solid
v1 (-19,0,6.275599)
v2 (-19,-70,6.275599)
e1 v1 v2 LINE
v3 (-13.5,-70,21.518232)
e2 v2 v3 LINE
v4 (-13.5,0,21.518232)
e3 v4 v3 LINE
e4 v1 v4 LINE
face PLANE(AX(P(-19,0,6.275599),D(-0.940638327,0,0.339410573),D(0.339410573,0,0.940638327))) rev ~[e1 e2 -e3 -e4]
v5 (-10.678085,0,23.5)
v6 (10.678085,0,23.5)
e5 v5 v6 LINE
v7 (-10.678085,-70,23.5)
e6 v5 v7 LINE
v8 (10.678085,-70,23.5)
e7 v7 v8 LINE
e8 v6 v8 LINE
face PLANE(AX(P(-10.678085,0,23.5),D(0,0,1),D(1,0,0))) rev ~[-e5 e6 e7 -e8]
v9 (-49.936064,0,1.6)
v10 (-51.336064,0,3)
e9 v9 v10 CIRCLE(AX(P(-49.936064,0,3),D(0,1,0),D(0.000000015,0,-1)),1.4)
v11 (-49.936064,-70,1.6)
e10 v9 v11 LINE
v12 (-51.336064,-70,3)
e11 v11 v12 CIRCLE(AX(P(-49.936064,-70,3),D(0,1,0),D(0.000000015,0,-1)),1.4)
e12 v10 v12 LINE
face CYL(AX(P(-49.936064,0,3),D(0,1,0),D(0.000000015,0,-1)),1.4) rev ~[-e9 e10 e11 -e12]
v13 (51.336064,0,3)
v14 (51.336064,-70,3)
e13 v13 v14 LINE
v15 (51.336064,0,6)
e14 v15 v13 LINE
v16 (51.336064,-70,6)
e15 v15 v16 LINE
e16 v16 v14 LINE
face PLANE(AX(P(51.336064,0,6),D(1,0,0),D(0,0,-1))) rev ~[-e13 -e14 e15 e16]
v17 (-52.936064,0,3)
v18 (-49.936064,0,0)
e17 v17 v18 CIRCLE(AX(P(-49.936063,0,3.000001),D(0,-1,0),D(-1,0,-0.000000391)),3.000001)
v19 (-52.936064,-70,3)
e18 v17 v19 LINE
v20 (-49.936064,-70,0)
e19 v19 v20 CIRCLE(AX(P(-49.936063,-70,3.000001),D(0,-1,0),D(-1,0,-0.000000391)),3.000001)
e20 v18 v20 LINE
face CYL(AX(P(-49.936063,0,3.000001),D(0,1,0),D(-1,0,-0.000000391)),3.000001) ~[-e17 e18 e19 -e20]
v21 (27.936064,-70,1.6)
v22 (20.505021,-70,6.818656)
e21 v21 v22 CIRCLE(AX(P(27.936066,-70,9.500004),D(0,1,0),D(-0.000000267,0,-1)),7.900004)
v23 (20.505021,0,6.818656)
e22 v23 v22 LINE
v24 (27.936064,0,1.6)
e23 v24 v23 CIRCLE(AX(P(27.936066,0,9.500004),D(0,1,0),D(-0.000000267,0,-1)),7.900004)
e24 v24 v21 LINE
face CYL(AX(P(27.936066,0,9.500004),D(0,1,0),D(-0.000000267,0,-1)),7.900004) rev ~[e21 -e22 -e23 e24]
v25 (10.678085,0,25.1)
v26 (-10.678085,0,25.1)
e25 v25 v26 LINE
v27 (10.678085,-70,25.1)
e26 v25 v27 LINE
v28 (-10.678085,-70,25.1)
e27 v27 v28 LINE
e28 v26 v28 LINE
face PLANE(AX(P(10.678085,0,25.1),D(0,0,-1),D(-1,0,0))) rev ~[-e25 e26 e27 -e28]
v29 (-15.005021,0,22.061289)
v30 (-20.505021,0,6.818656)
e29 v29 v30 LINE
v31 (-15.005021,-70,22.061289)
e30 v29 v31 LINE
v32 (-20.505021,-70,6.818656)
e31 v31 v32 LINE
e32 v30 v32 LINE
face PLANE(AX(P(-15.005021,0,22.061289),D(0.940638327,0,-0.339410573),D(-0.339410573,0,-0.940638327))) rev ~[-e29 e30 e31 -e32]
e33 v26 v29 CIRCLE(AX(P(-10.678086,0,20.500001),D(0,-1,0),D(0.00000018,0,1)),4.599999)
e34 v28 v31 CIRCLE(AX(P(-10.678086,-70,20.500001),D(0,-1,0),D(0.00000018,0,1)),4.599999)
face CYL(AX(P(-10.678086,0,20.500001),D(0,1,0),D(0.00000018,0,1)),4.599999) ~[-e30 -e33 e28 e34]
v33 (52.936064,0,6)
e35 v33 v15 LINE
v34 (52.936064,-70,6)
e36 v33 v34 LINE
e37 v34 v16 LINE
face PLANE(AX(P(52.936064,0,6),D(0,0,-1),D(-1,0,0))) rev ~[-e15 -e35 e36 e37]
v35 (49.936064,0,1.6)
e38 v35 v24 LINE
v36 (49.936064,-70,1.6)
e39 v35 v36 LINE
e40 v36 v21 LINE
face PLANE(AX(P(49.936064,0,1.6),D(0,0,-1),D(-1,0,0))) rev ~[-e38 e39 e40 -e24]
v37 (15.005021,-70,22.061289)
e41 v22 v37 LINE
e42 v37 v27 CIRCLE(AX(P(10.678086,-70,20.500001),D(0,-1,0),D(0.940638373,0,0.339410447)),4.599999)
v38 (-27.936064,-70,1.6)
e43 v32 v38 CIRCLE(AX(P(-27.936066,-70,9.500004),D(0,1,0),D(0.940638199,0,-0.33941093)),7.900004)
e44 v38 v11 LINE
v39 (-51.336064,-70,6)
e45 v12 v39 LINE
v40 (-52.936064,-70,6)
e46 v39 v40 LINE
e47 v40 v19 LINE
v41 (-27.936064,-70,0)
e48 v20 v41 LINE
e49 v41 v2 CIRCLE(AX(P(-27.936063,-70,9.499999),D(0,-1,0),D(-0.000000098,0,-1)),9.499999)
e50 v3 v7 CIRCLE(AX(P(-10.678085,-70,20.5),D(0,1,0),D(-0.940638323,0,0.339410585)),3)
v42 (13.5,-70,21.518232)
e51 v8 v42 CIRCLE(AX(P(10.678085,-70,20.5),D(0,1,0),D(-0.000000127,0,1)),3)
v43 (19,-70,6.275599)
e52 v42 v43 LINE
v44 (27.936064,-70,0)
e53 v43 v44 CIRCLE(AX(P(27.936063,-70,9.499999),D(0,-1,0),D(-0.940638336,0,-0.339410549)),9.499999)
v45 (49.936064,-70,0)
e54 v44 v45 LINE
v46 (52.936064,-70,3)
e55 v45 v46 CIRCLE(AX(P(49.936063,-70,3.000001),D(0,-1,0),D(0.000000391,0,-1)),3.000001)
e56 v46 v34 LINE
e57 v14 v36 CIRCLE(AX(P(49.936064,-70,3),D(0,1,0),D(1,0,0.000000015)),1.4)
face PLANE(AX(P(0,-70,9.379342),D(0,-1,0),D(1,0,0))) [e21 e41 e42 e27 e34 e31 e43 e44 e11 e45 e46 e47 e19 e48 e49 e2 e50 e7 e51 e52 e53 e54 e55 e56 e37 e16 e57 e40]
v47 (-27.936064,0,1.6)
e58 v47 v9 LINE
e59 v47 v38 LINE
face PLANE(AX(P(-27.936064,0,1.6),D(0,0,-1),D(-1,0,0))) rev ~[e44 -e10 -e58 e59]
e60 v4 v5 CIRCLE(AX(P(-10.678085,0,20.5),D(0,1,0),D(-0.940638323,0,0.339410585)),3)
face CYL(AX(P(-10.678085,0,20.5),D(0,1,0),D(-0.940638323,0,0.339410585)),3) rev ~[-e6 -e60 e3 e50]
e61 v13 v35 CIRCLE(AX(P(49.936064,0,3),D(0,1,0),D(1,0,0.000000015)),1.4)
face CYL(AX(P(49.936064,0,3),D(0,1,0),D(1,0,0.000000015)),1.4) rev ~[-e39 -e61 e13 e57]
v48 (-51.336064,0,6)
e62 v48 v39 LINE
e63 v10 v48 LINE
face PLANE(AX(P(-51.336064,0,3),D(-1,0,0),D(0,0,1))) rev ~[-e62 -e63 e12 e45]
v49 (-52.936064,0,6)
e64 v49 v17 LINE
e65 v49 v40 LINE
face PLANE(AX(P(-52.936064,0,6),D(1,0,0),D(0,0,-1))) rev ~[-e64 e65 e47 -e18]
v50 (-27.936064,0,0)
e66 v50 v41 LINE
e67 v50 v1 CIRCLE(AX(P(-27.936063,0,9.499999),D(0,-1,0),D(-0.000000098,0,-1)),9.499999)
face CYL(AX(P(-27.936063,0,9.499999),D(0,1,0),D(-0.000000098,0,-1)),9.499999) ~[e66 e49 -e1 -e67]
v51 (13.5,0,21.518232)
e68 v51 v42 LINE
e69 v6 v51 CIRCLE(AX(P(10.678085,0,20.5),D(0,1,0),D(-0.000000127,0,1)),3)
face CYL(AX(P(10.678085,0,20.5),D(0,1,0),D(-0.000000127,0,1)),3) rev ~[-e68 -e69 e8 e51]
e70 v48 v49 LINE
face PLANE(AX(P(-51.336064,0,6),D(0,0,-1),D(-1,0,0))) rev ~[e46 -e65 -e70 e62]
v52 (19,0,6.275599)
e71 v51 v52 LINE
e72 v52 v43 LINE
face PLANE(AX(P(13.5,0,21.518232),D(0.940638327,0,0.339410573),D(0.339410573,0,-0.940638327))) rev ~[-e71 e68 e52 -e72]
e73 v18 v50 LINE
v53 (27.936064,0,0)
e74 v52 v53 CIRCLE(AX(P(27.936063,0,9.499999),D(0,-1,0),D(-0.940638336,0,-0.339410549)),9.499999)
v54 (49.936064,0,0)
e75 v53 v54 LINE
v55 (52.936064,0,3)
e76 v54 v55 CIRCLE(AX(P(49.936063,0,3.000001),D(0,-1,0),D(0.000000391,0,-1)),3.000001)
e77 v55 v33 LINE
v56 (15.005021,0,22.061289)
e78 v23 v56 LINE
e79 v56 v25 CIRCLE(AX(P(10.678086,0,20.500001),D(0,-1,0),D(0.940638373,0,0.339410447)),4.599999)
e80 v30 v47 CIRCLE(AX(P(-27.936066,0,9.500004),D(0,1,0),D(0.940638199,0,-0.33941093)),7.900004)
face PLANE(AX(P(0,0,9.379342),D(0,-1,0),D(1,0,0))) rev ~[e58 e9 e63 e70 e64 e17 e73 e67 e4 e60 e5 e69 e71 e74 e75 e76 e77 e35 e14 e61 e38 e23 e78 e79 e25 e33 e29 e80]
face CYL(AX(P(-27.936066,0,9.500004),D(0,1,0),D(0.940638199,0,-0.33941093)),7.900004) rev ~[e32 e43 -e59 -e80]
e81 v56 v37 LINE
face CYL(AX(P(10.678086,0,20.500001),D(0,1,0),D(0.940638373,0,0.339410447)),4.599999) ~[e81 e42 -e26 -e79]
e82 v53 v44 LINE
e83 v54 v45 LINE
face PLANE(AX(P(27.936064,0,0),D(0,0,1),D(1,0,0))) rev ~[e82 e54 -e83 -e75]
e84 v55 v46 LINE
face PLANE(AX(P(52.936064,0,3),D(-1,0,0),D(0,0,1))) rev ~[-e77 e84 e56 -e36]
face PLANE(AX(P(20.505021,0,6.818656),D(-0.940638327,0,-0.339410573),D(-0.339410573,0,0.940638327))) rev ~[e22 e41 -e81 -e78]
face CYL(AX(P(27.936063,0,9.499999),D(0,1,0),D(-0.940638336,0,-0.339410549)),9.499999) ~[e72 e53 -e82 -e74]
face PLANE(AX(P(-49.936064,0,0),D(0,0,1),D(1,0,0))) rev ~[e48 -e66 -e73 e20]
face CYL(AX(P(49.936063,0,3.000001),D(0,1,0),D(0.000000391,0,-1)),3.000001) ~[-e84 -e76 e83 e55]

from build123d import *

# Parameters (mm, degrees)
F1_DEPTH = 70


with BuildPart() as f1:
    # F0 (on Front) → F1 (new body)
    with BuildSketch(Plane.XZ):
        with BuildLine():
            Line((-10.678085, 23.5), (0, 23.5))
            Line((0, 23.5), (10.678085, 23.5))
            ThreePointArc((10.678085, 23.5), (12.402223, 22.955066), (13.5, 21.518232))
            Line((13.5, 21.518232), (19, 6.275599))
            ThreePointArc((19, 6.275599), (22.476293, 1.725625), (27.936064, 0))
            Line((27.936064, 0), (49.936064, 0))
            ThreePointArc((49.936064, 0), (52.057384, 0.87868), (52.936064, 3))
            Line((52.936064, 3), (52.936064, 6))
            Line((52.936064, 6), (51.336064, 6))
            Line((51.336064, 6), (51.336064, 3))
            ThreePointArc((51.336064, 3), (50.926014, 2.010051), (49.936064, 1.6))
            Line((49.936064, 1.6), (27.936064, 1.6))
            ThreePointArc((27.936064, 1.6), (23.395834, 3.034994), (20.505021, 6.818656))
            Line((20.505021, 6.818656), (15.005021, 22.061289))
            ThreePointArc((15.005021, 22.061289), (13.321764, 24.264434), (10.678085, 25.1))
            Line((10.678085, 25.1), (0, 25.1))
            Line((0, 25.1), (-10.678085, 25.1))
            ThreePointArc((-10.678085, 25.1), (-13.321764, 24.264434), (-15.005021, 22.061289))
            Line((-15.005021, 22.061289), (-20.505021, 6.818656))
            ThreePointArc((-20.505021, 6.818656), (-23.395834, 3.034994), (-27.936064, 1.6))
            Line((-27.936064, 1.6), (-49.936064, 1.6))
            ThreePointArc((-49.936064, 1.6), (-50.926014, 2.010051), (-51.336064, 3))
            Line((-51.336064, 3), (-51.336064, 6))
            Line((-51.336064, 6), (-52.936064, 6))
            Line((-52.936064, 6), (-52.936064, 3))
            ThreePointArc((-52.936064, 3), (-52.057384, 0.87868), (-49.936064, 0))
            Line((-49.936064, 0), (-27.936064, 0))
            ThreePointArc((-27.936064, 0), (-22.476293, 1.725625), (-19, 6.275599))
            Line((-19, 6.275599), (-13.5, 21.518232))
            ThreePointArc((-13.5, 21.518232), (-12.402223, 22.955066), (-10.678085, 23.5))
        make_face()
    extrude(amount=F1_DEPTH)


solid = f1.part
